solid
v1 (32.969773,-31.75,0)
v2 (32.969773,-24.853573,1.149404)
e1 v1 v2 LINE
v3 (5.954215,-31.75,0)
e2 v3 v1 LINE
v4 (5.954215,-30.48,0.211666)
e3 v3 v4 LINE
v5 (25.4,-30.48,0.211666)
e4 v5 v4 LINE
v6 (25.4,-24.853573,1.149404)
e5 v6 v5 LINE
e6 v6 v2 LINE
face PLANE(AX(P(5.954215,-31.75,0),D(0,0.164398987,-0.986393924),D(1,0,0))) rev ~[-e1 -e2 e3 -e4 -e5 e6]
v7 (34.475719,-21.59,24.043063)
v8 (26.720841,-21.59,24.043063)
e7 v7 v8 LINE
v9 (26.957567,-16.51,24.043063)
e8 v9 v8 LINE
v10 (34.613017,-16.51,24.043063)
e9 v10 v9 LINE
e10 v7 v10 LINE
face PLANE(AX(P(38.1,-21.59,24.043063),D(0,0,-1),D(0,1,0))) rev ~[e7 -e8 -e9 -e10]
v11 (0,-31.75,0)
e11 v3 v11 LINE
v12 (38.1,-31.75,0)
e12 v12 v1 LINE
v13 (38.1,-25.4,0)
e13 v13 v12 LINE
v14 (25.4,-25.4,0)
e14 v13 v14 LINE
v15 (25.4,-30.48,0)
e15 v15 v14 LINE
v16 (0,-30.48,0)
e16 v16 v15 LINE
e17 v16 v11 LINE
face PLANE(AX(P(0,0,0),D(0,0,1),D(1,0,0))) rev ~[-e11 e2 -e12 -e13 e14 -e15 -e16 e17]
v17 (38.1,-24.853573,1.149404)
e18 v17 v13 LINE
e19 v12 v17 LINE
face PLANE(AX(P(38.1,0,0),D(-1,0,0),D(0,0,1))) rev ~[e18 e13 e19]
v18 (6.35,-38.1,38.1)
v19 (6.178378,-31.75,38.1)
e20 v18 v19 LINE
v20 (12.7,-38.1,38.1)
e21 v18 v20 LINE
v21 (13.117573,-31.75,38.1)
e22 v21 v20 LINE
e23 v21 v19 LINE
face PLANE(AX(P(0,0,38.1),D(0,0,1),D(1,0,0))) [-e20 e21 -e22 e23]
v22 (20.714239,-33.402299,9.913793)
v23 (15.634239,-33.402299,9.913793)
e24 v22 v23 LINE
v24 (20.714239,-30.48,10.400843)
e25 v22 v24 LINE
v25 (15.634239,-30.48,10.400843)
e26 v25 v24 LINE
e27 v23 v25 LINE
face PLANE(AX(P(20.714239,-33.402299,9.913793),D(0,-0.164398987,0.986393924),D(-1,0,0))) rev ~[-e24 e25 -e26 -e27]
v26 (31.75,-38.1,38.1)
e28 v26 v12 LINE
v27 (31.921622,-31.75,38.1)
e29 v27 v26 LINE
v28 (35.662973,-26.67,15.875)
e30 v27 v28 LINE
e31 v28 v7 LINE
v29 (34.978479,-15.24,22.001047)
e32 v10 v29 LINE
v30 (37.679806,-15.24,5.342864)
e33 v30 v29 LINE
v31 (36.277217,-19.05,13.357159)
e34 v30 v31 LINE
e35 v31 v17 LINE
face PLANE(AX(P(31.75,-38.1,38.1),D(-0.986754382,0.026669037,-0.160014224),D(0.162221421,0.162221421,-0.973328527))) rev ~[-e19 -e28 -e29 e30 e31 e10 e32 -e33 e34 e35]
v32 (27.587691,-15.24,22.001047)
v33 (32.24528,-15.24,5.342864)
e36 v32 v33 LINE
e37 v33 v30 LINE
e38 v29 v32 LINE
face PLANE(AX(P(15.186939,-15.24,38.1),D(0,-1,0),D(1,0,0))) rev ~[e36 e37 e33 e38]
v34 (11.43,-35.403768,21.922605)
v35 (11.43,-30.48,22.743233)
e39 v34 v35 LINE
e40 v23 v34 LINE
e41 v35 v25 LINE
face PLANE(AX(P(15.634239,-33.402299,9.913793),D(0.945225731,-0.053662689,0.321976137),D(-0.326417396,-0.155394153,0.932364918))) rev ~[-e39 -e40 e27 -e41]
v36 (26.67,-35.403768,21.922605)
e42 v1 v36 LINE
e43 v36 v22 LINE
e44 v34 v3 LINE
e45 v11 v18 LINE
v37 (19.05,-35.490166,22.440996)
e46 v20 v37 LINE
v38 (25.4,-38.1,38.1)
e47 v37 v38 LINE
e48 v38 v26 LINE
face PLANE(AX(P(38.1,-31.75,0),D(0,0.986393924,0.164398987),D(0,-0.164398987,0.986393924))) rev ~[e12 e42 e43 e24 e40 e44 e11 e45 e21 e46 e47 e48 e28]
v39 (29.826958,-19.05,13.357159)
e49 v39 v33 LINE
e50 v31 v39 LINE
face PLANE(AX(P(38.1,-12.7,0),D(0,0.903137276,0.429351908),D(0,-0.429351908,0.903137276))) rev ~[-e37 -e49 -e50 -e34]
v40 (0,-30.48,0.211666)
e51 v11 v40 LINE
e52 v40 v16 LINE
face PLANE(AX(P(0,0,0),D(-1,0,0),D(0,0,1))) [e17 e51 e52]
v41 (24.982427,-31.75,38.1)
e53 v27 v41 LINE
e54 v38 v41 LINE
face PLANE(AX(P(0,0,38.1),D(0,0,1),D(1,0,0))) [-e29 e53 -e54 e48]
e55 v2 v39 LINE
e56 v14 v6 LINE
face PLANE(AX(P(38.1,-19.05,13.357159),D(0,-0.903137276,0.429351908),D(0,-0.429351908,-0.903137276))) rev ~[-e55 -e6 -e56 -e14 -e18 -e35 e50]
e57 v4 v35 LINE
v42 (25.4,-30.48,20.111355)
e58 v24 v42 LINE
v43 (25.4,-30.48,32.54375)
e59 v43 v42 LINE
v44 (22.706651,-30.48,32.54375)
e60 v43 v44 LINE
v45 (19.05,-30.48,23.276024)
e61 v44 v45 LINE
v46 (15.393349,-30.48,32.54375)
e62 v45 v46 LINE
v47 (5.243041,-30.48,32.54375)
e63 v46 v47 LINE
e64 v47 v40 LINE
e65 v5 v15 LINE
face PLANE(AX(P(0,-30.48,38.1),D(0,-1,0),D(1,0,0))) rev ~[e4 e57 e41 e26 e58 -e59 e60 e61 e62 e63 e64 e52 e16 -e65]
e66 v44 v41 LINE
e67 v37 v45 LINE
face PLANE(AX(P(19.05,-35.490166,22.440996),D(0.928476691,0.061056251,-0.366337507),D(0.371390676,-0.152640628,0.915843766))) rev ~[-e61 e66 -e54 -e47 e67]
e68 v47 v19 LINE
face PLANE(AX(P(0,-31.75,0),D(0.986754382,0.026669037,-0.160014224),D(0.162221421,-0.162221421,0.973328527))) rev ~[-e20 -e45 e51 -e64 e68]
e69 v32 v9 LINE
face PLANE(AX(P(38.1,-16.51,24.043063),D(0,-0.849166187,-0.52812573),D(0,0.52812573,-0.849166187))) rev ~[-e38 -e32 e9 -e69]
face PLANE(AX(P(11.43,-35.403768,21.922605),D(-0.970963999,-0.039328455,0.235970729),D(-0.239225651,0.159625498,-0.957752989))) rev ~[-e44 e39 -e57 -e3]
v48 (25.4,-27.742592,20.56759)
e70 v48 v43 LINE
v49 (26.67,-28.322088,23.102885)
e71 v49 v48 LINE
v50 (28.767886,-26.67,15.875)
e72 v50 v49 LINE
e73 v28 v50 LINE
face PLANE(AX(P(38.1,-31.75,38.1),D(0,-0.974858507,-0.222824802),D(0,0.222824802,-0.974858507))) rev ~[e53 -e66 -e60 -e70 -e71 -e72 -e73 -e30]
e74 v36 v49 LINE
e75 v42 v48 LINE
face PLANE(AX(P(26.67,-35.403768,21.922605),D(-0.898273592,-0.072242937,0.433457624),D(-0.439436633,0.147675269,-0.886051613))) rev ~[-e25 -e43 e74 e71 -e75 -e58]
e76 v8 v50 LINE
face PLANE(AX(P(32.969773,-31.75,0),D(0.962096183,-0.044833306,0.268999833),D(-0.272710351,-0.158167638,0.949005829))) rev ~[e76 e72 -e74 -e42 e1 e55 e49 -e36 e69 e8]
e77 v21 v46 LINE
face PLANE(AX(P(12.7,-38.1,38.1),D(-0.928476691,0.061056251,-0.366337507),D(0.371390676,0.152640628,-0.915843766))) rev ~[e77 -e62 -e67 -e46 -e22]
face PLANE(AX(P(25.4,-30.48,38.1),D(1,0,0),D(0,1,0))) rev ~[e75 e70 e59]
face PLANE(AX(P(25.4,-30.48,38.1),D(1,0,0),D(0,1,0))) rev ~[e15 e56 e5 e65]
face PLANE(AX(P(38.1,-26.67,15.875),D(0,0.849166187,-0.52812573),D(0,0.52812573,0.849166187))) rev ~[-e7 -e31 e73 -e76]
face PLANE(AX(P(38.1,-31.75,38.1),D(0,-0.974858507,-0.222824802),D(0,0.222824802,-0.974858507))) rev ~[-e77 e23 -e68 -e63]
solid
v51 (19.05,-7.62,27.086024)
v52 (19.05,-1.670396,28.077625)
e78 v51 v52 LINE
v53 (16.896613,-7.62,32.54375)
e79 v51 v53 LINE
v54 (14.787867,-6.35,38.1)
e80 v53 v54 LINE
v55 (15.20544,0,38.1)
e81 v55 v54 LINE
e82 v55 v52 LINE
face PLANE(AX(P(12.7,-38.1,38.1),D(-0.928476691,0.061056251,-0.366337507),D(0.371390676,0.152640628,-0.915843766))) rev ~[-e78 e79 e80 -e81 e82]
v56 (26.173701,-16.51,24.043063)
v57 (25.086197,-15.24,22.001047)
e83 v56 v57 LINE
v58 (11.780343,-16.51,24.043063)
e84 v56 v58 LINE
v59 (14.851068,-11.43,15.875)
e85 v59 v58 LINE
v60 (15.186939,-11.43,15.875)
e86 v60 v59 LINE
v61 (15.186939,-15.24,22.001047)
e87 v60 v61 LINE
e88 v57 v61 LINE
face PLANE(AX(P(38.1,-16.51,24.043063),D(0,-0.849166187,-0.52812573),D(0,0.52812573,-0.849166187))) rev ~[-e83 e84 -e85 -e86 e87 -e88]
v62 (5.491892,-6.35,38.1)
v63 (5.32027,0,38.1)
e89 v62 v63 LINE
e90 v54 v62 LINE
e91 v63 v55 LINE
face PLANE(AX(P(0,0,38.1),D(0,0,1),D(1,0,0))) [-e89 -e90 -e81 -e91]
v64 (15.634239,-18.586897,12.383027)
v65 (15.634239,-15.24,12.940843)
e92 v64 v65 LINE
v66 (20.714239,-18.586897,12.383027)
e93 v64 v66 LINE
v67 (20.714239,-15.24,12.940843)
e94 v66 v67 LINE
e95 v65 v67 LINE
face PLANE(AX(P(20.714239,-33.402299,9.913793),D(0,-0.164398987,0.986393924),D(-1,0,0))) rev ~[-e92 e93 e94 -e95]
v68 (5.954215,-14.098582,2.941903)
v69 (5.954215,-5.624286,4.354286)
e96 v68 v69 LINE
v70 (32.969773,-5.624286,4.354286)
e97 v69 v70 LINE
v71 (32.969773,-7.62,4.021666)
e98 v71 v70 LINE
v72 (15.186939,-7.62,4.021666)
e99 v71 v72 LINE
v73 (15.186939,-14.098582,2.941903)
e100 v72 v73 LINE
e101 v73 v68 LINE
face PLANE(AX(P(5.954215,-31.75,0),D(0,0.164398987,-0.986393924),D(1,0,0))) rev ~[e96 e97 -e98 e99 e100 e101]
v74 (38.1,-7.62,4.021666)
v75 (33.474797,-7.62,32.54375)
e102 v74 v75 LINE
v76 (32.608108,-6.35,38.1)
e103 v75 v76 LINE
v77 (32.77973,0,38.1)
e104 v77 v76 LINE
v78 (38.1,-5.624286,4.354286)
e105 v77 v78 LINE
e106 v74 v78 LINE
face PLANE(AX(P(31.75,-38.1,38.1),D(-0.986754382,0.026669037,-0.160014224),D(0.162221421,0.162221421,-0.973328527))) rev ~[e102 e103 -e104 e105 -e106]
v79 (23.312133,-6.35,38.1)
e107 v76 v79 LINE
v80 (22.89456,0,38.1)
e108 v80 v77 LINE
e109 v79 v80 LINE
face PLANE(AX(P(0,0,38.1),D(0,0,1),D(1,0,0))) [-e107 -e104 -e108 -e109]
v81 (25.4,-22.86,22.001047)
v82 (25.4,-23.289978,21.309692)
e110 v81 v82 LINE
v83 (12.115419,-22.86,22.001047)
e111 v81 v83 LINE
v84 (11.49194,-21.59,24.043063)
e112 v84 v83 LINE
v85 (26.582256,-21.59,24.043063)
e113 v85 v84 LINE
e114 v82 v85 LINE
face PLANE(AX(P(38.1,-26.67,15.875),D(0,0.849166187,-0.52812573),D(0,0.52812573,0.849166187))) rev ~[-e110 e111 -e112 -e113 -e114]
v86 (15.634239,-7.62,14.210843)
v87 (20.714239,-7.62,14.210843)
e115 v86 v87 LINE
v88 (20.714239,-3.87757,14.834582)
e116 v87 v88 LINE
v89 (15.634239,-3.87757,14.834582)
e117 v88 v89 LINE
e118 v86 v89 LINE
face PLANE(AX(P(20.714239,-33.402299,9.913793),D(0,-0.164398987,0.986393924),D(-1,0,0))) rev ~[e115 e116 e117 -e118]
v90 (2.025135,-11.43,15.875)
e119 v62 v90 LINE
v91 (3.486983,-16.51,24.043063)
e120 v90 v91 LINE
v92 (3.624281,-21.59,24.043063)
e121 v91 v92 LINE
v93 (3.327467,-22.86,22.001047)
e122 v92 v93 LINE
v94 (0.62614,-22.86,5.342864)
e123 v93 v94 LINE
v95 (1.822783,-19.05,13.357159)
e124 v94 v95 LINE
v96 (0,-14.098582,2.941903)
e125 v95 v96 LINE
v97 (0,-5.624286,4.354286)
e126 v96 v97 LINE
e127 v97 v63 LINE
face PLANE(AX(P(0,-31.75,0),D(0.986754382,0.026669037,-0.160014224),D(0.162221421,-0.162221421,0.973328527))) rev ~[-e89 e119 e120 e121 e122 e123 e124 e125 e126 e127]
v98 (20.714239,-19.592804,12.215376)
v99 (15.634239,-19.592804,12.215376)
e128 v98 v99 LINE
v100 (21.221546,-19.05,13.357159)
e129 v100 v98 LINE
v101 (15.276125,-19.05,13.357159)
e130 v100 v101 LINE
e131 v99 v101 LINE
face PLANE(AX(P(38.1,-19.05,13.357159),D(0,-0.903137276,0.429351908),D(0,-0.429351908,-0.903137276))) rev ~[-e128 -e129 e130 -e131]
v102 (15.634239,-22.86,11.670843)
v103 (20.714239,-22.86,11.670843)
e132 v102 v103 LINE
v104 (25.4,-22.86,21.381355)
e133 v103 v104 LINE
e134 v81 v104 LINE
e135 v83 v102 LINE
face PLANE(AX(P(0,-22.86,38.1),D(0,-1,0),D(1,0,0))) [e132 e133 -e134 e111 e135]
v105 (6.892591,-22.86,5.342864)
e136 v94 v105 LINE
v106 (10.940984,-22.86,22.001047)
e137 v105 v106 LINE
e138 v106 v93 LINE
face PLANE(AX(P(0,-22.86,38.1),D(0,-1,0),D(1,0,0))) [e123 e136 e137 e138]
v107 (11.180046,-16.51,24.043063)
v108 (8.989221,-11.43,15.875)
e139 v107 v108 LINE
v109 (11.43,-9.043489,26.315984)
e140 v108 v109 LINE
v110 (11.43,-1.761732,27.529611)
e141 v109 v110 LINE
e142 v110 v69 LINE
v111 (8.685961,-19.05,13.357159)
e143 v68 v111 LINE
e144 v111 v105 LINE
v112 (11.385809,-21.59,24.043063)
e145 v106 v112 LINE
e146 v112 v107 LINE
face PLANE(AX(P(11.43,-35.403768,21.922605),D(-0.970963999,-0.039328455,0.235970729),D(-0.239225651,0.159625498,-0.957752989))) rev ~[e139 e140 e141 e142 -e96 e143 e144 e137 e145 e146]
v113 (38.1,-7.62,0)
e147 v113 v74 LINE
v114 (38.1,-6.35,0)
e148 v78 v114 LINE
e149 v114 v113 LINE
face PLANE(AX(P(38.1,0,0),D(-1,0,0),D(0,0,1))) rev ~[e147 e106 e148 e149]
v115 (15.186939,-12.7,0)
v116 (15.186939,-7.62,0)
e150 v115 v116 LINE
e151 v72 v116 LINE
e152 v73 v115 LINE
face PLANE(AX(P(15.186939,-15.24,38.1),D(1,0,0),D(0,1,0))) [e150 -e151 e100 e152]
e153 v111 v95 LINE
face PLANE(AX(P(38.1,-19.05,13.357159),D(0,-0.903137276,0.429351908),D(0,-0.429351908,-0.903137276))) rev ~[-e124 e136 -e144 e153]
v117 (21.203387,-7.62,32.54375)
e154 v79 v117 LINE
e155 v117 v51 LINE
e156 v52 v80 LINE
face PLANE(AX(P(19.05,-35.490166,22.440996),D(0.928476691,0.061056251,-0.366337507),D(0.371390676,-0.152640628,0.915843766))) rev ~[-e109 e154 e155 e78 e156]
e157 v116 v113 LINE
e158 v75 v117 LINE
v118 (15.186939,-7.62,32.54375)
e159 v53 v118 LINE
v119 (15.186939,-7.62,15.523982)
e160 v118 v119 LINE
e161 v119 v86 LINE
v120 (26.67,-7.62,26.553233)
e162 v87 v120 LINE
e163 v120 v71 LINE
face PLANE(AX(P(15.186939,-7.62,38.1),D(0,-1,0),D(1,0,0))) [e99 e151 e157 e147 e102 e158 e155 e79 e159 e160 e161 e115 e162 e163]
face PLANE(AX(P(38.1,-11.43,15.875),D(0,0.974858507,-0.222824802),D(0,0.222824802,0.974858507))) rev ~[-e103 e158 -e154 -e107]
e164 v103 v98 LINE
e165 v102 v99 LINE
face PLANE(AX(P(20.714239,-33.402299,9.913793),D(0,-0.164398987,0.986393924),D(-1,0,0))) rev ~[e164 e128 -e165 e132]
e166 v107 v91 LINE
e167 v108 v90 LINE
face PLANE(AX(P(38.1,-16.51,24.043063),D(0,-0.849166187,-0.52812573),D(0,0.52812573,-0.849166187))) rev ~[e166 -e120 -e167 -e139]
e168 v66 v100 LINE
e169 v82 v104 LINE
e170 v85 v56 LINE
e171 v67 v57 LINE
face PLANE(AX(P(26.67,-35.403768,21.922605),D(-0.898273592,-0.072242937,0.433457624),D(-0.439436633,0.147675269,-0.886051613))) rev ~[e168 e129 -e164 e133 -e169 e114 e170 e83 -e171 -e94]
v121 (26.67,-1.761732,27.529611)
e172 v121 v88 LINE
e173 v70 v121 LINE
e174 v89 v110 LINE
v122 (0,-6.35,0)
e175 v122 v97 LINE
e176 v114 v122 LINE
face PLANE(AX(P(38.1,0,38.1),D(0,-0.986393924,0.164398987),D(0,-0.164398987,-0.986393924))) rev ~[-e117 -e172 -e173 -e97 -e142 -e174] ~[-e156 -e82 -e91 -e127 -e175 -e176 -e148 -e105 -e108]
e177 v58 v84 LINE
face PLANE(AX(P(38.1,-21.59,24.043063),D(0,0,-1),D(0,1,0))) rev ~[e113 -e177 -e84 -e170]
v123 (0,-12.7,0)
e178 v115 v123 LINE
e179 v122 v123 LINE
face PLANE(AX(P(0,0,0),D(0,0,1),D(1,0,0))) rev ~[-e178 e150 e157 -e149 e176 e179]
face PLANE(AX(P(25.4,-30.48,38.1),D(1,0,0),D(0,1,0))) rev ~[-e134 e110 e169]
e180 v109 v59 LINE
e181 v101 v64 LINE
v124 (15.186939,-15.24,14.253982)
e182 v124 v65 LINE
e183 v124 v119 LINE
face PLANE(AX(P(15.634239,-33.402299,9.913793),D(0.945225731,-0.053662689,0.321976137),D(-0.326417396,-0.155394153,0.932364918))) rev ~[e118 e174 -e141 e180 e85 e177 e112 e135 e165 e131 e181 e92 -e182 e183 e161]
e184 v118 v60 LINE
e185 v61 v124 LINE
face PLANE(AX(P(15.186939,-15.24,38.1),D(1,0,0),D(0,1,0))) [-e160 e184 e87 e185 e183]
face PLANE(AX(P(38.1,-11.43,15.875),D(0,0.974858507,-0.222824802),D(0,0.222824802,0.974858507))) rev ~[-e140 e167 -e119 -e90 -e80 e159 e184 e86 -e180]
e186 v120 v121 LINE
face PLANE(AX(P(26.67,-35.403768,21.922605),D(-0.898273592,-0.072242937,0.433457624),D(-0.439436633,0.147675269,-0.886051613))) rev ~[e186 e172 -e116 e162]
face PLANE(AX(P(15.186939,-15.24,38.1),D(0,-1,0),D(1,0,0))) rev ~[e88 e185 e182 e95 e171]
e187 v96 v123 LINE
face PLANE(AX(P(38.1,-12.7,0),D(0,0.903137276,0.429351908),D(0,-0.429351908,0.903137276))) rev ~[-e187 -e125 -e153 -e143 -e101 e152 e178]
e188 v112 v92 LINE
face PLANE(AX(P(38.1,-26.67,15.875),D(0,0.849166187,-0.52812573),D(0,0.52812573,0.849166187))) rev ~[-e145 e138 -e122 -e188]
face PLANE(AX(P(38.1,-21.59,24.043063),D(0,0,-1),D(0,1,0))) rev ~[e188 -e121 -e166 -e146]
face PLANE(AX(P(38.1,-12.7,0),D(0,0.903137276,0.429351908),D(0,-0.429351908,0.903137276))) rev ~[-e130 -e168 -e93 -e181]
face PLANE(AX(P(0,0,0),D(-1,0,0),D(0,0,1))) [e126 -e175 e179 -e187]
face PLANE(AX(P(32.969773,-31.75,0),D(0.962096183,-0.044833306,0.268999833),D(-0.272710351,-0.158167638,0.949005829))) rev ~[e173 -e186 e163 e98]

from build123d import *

# Parameters (mm, degrees)
F0_W     = 38.1
F0_H     = 38.1
F1_DEPTH = 38.1
F5_DEPTH = 49.38614
F7_DEPTH = 61.12182
F8_W     = 23.568836
F8_H     = 7.62
F8_W_2   = 25.4
F9_DEPTH = 45.89091


with BuildPart() as f1:
    # F0 (on Front) → F1 (new body)
    with BuildSketch(Plane.XZ):
        with Locations((19.05, 19.05)):
            Rectangle(F0_W, F0_H)
    extrude(amount=F1_DEPTH)

    # F4 (on offset) → F5 (cut)
    with BuildSketch(Plane.YZ.offset(38.1)):
        Polygon((-11.43, 15.875), (-6.35, 38.1), (-31.75, 38.1), (-26.67, 15.875), (-21.59, 24.043063), (-16.51, 24.043063), align=None)
        Polygon((-6.35, 0), (0, 0), (0, 38.1), align=None)
        Polygon((-25.4, 0), (-12.7, 0), (-19.05, 13.357159), align=None)
        Polygon((-38.1, 0), (-31.75, 0), (-38.1, 38.1), align=None)
    extrude(amount=-F5_DEPTH, mode=Mode.SUBTRACT)

    # F6 (on face) → F7 (cut)
    with BuildSketch(Plane(origin=(0, -30.891892, -5.148649), x_dir=(1, 0, 0), z_dir=(0, -0.986394, -0.164399))):
        Polygon((0, 5.219668), (6.35, 43.84521), (0, 43.84521), align=None)
        Polygon((25.4, 43.84521), (12.7, 43.84521), (19.05, 27.97021), align=None)
        Polygon((38.1, 43.84521), (31.75, 43.84521), (38.1, 5.219668), align=None)
        Polygon((11.43, 27.444668), (5.954215, 5.219668), (32.969773, 5.219668), (26.67, 27.444668), (20.714239, 15.27021), (15.634239, 15.27021), align=None)
    extrude(amount=-F7_DEPTH, mode=Mode.SUBTRACT)

    # F8 (on offset) → F9 (cut)
    with BuildSketch(Plane.XY.offset(38.1)):
        with Locations((26.971357, -11.43)):
            Rectangle(F8_W, F8_H)
        with Locations((12.7, -26.67)):
            Rectangle(F8_W_2, F8_H)
    extrude(amount=-F9_DEPTH, mode=Mode.SUBTRACT)


solid = f1.part
